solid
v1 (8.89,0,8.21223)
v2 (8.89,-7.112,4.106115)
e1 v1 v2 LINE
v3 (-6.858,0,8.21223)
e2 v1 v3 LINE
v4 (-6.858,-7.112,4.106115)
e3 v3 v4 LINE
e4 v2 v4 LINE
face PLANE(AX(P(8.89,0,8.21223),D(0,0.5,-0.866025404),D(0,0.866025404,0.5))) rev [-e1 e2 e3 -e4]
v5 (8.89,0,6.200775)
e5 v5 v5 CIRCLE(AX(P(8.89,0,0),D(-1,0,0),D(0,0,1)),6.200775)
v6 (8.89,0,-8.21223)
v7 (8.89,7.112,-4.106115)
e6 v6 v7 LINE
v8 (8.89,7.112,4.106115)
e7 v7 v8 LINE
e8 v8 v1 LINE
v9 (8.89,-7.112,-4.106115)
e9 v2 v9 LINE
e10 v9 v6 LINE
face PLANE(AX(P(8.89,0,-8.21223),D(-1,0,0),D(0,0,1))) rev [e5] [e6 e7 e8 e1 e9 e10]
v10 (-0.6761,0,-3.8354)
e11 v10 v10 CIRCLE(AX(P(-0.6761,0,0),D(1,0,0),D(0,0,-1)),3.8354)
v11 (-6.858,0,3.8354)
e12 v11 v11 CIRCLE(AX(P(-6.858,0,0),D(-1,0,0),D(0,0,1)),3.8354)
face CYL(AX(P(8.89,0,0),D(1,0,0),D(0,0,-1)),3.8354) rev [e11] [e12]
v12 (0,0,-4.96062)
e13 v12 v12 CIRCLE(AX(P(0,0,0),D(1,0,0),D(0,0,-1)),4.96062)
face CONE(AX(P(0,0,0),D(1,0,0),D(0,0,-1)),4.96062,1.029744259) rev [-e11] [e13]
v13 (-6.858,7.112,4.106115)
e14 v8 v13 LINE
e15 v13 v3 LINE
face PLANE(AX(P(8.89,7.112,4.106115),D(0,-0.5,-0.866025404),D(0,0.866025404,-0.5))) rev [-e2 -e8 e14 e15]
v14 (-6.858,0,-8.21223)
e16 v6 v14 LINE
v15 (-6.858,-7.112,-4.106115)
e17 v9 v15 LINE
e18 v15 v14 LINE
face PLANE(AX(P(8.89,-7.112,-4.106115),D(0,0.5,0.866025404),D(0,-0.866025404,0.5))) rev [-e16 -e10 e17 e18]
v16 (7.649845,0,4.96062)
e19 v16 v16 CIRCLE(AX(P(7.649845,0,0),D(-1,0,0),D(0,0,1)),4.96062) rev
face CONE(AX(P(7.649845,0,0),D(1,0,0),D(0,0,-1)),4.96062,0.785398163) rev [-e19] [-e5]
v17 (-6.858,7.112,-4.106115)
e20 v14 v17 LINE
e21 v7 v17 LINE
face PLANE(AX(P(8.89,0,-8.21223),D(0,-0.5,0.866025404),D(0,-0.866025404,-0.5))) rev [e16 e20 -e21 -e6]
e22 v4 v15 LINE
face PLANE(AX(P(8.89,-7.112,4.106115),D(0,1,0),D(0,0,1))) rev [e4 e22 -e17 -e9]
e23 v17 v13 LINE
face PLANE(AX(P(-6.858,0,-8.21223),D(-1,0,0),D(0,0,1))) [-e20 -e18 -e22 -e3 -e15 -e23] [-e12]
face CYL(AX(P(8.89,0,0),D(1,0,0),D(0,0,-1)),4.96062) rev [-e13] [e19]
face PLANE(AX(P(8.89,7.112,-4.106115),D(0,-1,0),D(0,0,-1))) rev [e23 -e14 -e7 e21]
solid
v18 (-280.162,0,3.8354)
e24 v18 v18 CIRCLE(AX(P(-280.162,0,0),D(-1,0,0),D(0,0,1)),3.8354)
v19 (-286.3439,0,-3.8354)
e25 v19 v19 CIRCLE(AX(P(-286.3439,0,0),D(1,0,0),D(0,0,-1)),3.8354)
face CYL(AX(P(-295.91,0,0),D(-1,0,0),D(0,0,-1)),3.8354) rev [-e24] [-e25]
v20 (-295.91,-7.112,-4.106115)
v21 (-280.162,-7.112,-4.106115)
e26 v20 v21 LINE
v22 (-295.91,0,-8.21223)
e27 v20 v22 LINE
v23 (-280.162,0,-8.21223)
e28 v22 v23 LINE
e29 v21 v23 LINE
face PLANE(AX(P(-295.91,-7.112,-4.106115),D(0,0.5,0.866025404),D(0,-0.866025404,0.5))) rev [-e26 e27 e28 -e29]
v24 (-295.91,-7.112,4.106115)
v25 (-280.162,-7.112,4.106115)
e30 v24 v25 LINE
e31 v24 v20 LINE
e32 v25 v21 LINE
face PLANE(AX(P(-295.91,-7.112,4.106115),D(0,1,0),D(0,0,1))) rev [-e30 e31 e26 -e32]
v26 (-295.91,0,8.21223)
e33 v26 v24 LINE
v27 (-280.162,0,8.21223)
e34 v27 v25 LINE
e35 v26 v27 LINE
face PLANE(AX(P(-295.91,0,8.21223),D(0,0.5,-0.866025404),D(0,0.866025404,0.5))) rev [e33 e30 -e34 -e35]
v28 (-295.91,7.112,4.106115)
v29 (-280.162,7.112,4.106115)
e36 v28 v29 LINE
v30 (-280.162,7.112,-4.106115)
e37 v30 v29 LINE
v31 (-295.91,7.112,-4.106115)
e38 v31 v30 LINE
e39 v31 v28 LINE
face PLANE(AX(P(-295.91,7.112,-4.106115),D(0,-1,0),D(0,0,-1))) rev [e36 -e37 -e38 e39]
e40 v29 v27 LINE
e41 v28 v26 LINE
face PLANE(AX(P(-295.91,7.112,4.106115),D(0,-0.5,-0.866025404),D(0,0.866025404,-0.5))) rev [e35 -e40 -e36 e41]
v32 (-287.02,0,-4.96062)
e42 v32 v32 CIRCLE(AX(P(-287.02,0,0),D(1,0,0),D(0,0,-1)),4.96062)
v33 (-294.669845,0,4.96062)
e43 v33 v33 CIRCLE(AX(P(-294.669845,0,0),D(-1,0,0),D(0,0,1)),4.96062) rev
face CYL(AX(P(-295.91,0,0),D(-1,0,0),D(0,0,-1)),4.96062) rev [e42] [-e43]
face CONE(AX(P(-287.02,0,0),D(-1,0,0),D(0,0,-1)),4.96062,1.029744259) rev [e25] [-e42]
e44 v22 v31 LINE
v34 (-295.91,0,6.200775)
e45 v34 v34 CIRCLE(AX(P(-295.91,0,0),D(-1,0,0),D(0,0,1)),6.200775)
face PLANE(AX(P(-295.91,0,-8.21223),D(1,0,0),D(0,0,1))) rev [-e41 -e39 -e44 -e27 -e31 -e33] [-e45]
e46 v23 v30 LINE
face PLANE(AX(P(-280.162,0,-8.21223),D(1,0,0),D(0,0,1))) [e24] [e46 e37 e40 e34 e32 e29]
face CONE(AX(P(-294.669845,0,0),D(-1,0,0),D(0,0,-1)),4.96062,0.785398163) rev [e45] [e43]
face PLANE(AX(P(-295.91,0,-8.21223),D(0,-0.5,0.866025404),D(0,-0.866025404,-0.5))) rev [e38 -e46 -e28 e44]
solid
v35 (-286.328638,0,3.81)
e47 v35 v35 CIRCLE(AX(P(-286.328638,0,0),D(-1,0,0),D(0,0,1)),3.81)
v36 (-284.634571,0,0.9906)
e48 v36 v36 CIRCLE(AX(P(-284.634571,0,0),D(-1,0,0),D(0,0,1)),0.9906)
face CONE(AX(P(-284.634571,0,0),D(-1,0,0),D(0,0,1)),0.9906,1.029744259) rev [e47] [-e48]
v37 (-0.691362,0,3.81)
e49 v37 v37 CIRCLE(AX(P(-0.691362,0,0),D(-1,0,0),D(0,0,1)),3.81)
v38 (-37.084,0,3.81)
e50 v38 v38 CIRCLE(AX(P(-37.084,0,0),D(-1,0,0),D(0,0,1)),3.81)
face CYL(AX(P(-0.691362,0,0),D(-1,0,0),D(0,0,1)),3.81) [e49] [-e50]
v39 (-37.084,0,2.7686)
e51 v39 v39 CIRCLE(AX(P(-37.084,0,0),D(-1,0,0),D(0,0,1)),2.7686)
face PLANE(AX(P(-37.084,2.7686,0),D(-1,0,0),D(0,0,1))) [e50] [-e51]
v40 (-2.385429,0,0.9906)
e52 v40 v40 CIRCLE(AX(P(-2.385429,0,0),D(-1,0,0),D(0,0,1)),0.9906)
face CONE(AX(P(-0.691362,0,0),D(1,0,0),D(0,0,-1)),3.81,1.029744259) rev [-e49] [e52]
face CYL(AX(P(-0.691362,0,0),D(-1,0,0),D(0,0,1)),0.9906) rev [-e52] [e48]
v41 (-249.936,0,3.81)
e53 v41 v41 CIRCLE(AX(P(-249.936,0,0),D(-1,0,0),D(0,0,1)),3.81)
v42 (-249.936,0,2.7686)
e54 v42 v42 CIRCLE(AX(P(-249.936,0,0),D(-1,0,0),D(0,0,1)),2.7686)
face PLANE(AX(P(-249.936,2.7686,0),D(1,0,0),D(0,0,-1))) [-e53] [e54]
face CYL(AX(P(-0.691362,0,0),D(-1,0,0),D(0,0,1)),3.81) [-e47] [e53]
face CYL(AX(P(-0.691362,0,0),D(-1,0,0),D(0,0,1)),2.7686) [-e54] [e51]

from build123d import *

# Parameters (mm, degrees)
EXTRUDE2_DEPTH = 15.748
CHAMFER2_SIZE  = 1.240155


with BuildPart() as part:
    # Sketch5 → Extrude2 (new body)
    with BuildSketch(Plane(origin=(-6.858, 0, 0), x_dir=(0, 0, -1), z_dir=(1, 0, 0))):
        Polygon((4.106115114, 7.112), (-4.106115114, 7.112), (-8.212230229, 0), (-4.106115114, -7.112), (4.106115114, -7.112), (8.212230229, 0), align=None)
    extrude(amount=EXTRUDE2_DEPTH)

    # Sketch6 → Hole2 (revolve, cut)
    with BuildSketch(Plane(origin=(8.89, 0, 0), x_dir=(0, 0, -1), z_dir=(0, 1, 0))):
        Polygon((0, 0), (0, 15.748), (3.8354, 15.748), (3.8354, 9.566100386), (4.96062, 8.89), (4.96062, 0), align=None)
    revolve(axis=Axis((15.020023899, 0, 0), (-1, 0, 0)), mode=Mode.SUBTRACT)

    # Chamfer2
    chamfer2_edges = [part.edges().sort_by_distance(p)[0] for p in [
        (8.89, 0, 4.96062),
    ]]
    chamfer(chamfer2_edges, length=CHAMFER2_SIZE)


with BuildPart() as body_2:
    # Sketch8 → Revolve2 (revolve)
    with BuildSketch(Plane(origin=(0, 0, 0), x_dir=(-1, 0, 0), z_dir=(0, 0, -1)), mode=Mode.PRIVATE) as revolve2_sk:
        Polygon((0.691362245, 3.81), (2.385428675, 0.9906), (284.634571325, 0.9906), (286.328637755, 3.81), (249.936, 3.81), (249.936, 2.7686), (37.084, 2.7686), (37.084, 3.81), align=None)
    revolve(revolve2_sk.sketch.rotate(Axis((-0.691362245, 0, 0), (-1, 0, 0)), 270), axis=Axis((-0.691362245, 0, 0), (-1, 0, 0)))  # turned: the seam where the file's is


with BuildPart() as body_3:
    # Mirror2: mirrored copy
    add(part.part.mirror(Plane(origin=(-143.51, 0, 0), x_dir=(0, 0, 1), z_dir=(1, 0, 0))))


solid = Compound([part.part, body_2.part, body_3.part])
